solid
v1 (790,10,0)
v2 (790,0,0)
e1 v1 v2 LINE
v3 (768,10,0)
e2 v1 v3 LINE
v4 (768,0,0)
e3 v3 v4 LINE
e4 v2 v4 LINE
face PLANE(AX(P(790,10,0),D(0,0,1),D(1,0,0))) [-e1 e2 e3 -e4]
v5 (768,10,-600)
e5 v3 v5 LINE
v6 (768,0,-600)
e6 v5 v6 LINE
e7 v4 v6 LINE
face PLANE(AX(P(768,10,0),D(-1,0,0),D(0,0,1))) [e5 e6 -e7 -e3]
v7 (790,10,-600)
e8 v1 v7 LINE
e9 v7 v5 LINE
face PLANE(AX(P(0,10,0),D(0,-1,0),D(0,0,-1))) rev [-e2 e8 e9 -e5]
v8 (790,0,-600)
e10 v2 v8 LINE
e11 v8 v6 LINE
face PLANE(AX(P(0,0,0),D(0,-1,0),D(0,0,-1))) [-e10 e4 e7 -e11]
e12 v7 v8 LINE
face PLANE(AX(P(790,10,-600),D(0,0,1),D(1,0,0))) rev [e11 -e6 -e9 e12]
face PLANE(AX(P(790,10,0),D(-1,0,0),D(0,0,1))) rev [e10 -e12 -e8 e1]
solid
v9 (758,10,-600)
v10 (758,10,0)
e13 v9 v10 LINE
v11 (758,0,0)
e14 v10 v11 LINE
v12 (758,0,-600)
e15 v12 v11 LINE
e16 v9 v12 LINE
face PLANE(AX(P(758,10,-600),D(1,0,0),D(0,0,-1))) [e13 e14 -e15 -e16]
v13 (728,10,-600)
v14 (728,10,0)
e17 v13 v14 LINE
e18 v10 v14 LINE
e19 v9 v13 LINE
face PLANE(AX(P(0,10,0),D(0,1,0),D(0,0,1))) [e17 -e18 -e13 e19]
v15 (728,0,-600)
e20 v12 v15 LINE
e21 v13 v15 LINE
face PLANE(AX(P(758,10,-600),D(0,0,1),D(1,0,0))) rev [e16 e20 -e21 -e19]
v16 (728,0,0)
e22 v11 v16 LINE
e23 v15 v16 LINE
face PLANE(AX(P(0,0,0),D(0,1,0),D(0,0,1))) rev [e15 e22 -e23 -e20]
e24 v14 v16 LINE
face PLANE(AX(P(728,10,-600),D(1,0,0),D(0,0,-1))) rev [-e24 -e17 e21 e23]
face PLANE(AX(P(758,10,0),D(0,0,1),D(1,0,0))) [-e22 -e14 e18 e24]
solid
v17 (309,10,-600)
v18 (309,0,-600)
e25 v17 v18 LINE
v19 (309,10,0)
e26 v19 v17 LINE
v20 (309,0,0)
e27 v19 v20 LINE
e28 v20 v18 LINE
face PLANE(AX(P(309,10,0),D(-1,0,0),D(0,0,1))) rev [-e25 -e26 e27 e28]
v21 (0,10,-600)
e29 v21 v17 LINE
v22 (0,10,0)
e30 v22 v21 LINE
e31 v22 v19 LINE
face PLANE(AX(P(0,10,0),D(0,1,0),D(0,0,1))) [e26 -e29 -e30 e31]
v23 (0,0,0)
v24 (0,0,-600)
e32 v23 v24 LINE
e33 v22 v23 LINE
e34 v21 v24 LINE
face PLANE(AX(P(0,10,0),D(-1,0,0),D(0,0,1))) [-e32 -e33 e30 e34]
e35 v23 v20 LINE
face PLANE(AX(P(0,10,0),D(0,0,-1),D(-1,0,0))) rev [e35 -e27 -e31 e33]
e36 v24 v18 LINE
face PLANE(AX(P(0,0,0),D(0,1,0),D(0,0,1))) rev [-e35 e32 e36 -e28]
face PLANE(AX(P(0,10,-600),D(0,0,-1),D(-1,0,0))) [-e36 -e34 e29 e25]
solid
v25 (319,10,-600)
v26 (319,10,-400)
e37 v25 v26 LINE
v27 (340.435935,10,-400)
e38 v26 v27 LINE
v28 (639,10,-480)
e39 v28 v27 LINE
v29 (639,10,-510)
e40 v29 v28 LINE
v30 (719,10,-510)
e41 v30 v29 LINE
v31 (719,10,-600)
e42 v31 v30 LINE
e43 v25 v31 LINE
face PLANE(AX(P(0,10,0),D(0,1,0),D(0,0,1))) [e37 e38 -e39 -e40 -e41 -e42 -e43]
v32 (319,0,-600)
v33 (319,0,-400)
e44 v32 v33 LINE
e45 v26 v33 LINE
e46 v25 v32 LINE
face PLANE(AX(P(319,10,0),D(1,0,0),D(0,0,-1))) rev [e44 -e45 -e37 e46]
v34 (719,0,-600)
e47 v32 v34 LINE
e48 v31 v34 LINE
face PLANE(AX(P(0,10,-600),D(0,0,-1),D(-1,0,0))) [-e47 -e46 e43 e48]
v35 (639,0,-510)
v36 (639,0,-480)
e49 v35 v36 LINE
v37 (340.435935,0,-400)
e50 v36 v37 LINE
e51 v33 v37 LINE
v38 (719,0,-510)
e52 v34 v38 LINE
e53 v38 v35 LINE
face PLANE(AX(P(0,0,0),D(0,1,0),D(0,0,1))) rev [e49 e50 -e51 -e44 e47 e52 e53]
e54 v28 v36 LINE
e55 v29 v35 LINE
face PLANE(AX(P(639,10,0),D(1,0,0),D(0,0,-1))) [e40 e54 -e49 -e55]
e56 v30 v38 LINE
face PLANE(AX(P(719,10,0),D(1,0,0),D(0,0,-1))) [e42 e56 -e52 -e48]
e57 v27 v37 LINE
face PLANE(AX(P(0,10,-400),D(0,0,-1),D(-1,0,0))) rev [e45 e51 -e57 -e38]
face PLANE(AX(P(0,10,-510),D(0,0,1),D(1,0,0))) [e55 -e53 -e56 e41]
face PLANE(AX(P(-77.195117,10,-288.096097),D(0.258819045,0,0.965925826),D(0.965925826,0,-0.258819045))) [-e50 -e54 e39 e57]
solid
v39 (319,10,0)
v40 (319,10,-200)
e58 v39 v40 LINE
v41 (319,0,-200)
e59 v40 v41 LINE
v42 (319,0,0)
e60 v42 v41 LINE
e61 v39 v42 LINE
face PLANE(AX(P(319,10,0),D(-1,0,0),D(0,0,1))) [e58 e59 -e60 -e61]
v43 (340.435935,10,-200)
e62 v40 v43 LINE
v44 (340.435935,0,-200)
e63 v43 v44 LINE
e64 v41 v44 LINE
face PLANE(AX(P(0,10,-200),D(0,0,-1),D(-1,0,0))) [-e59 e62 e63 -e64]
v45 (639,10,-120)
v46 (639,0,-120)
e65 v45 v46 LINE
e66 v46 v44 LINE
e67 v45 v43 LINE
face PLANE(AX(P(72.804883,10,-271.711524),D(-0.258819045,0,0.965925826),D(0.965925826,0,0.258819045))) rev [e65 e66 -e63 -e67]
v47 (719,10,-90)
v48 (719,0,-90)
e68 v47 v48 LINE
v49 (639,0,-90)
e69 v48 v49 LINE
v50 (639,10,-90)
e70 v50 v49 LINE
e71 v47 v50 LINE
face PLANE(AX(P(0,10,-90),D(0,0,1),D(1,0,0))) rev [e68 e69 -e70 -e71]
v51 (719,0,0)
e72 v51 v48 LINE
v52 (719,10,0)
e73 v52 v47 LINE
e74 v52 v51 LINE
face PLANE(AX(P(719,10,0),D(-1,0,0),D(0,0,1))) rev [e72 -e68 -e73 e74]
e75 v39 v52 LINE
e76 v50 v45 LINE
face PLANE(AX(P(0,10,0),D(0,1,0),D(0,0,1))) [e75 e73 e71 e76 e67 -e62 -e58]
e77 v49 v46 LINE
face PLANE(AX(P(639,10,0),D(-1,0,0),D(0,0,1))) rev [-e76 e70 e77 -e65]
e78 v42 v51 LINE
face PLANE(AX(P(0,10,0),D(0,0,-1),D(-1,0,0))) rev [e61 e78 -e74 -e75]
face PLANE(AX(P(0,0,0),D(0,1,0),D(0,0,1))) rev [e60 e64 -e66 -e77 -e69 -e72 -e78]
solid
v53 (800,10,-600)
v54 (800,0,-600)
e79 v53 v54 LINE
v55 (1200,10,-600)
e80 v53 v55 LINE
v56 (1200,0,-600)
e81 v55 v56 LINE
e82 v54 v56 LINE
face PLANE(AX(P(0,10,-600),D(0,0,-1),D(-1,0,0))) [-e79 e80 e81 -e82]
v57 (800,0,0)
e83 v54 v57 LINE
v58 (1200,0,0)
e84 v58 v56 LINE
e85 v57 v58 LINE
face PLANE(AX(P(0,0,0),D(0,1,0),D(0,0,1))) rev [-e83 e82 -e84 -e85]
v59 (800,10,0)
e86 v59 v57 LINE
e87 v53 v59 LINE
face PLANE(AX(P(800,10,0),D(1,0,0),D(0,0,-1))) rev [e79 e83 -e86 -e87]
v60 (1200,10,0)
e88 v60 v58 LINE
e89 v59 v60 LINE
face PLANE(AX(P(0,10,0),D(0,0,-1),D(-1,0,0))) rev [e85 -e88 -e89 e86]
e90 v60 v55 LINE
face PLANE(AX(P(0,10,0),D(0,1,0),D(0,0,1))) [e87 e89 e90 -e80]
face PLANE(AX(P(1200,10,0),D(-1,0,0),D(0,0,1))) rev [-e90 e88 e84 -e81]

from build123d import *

# Parameters (mm, degrees)
SKETCH1_W             = 309
SKETCH1_H             = 600
BOSS_EXTRUDE1_DEPTH   = 10
BOSS_EXTRUDE1_2_DEPTH = 10
SKETCH1_W_2           = 400
BOSS_EXTRUDE1_3_DEPTH = 10
BOSS_EXTRUDE1_4_DEPTH = 10
SKETCH1_W_3           = 22
BOSS_EXTRUDE1_5_DEPTH = 10
SKETCH1_W_4           = 30
BOSS_EXTRUDE1_6_DEPTH = 10


with BuildPart() as part:
    # Sketch1 → Boss-Extrude1 (new body)
    with BuildSketch(Plane(origin=(0, 0, 0), x_dir=(1, 0, 0), z_dir=(0, 1, 0))):
        with Locations((154.5, 300)):
            Rectangle(SKETCH1_W, SKETCH1_H)
    extrude(amount=BOSS_EXTRUDE1_DEPTH)


with BuildPart() as body_2:
    # Sketch1 → Boss-Extrude1 2 (new body)
    with BuildSketch(Plane(origin=(0, 0, 0), x_dir=(1, 0, 0), z_dir=(0, 1, 0))):
        Polygon((719, 510), (719, 600), (319, 600), (319, 400), (340.435935394, 400), (639, 480), (639, 510), align=None)
    extrude(amount=BOSS_EXTRUDE1_2_DEPTH)


with BuildPart() as body_3:
    # Sketch1 → Boss-Extrude1 3 (new body)
    with BuildSketch(Plane(origin=(0, 0, 0), x_dir=(1, 0, 0), z_dir=(0, 1, 0))):
        with Locations((1000, 300)):
            Rectangle(SKETCH1_W_2, SKETCH1_H)
    extrude(amount=BOSS_EXTRUDE1_3_DEPTH)


with BuildPart() as body_4:
    # Sketch1 → Boss-Extrude1 4 (new body)
    with BuildSketch(Plane(origin=(0, 0, 0), x_dir=(1, 0, 0), z_dir=(0, 1, 0))):
        Polygon((719, 0), (719, 90), (639, 90), (639, 120), (340.435935394, 200), (319, 200), (319, 0), align=None)
    extrude(amount=BOSS_EXTRUDE1_4_DEPTH)


with BuildPart() as body_5:
    # Sketch1 → Boss-Extrude1 5 (new body)
    with BuildSketch(Plane(origin=(0, 0, 0), x_dir=(1, 0, 0), z_dir=(0, 1, 0))):
        with Locations((779, 300)):
            Rectangle(SKETCH1_W_3, SKETCH1_H)
    extrude(amount=BOSS_EXTRUDE1_5_DEPTH)


with BuildPart() as body_6:
    # Sketch1 → Boss-Extrude1 6 (new body)
    with BuildSketch(Plane(origin=(0, 0, 0), x_dir=(1, 0, 0), z_dir=(0, 1, 0))):
        with Locations((743, 300)):
            Rectangle(SKETCH1_W_4, SKETCH1_H)
    extrude(amount=BOSS_EXTRUDE1_6_DEPTH)


solid = Compound([part.part, body_2.part, body_3.part, body_4.part, body_5.part, body_6.part])
